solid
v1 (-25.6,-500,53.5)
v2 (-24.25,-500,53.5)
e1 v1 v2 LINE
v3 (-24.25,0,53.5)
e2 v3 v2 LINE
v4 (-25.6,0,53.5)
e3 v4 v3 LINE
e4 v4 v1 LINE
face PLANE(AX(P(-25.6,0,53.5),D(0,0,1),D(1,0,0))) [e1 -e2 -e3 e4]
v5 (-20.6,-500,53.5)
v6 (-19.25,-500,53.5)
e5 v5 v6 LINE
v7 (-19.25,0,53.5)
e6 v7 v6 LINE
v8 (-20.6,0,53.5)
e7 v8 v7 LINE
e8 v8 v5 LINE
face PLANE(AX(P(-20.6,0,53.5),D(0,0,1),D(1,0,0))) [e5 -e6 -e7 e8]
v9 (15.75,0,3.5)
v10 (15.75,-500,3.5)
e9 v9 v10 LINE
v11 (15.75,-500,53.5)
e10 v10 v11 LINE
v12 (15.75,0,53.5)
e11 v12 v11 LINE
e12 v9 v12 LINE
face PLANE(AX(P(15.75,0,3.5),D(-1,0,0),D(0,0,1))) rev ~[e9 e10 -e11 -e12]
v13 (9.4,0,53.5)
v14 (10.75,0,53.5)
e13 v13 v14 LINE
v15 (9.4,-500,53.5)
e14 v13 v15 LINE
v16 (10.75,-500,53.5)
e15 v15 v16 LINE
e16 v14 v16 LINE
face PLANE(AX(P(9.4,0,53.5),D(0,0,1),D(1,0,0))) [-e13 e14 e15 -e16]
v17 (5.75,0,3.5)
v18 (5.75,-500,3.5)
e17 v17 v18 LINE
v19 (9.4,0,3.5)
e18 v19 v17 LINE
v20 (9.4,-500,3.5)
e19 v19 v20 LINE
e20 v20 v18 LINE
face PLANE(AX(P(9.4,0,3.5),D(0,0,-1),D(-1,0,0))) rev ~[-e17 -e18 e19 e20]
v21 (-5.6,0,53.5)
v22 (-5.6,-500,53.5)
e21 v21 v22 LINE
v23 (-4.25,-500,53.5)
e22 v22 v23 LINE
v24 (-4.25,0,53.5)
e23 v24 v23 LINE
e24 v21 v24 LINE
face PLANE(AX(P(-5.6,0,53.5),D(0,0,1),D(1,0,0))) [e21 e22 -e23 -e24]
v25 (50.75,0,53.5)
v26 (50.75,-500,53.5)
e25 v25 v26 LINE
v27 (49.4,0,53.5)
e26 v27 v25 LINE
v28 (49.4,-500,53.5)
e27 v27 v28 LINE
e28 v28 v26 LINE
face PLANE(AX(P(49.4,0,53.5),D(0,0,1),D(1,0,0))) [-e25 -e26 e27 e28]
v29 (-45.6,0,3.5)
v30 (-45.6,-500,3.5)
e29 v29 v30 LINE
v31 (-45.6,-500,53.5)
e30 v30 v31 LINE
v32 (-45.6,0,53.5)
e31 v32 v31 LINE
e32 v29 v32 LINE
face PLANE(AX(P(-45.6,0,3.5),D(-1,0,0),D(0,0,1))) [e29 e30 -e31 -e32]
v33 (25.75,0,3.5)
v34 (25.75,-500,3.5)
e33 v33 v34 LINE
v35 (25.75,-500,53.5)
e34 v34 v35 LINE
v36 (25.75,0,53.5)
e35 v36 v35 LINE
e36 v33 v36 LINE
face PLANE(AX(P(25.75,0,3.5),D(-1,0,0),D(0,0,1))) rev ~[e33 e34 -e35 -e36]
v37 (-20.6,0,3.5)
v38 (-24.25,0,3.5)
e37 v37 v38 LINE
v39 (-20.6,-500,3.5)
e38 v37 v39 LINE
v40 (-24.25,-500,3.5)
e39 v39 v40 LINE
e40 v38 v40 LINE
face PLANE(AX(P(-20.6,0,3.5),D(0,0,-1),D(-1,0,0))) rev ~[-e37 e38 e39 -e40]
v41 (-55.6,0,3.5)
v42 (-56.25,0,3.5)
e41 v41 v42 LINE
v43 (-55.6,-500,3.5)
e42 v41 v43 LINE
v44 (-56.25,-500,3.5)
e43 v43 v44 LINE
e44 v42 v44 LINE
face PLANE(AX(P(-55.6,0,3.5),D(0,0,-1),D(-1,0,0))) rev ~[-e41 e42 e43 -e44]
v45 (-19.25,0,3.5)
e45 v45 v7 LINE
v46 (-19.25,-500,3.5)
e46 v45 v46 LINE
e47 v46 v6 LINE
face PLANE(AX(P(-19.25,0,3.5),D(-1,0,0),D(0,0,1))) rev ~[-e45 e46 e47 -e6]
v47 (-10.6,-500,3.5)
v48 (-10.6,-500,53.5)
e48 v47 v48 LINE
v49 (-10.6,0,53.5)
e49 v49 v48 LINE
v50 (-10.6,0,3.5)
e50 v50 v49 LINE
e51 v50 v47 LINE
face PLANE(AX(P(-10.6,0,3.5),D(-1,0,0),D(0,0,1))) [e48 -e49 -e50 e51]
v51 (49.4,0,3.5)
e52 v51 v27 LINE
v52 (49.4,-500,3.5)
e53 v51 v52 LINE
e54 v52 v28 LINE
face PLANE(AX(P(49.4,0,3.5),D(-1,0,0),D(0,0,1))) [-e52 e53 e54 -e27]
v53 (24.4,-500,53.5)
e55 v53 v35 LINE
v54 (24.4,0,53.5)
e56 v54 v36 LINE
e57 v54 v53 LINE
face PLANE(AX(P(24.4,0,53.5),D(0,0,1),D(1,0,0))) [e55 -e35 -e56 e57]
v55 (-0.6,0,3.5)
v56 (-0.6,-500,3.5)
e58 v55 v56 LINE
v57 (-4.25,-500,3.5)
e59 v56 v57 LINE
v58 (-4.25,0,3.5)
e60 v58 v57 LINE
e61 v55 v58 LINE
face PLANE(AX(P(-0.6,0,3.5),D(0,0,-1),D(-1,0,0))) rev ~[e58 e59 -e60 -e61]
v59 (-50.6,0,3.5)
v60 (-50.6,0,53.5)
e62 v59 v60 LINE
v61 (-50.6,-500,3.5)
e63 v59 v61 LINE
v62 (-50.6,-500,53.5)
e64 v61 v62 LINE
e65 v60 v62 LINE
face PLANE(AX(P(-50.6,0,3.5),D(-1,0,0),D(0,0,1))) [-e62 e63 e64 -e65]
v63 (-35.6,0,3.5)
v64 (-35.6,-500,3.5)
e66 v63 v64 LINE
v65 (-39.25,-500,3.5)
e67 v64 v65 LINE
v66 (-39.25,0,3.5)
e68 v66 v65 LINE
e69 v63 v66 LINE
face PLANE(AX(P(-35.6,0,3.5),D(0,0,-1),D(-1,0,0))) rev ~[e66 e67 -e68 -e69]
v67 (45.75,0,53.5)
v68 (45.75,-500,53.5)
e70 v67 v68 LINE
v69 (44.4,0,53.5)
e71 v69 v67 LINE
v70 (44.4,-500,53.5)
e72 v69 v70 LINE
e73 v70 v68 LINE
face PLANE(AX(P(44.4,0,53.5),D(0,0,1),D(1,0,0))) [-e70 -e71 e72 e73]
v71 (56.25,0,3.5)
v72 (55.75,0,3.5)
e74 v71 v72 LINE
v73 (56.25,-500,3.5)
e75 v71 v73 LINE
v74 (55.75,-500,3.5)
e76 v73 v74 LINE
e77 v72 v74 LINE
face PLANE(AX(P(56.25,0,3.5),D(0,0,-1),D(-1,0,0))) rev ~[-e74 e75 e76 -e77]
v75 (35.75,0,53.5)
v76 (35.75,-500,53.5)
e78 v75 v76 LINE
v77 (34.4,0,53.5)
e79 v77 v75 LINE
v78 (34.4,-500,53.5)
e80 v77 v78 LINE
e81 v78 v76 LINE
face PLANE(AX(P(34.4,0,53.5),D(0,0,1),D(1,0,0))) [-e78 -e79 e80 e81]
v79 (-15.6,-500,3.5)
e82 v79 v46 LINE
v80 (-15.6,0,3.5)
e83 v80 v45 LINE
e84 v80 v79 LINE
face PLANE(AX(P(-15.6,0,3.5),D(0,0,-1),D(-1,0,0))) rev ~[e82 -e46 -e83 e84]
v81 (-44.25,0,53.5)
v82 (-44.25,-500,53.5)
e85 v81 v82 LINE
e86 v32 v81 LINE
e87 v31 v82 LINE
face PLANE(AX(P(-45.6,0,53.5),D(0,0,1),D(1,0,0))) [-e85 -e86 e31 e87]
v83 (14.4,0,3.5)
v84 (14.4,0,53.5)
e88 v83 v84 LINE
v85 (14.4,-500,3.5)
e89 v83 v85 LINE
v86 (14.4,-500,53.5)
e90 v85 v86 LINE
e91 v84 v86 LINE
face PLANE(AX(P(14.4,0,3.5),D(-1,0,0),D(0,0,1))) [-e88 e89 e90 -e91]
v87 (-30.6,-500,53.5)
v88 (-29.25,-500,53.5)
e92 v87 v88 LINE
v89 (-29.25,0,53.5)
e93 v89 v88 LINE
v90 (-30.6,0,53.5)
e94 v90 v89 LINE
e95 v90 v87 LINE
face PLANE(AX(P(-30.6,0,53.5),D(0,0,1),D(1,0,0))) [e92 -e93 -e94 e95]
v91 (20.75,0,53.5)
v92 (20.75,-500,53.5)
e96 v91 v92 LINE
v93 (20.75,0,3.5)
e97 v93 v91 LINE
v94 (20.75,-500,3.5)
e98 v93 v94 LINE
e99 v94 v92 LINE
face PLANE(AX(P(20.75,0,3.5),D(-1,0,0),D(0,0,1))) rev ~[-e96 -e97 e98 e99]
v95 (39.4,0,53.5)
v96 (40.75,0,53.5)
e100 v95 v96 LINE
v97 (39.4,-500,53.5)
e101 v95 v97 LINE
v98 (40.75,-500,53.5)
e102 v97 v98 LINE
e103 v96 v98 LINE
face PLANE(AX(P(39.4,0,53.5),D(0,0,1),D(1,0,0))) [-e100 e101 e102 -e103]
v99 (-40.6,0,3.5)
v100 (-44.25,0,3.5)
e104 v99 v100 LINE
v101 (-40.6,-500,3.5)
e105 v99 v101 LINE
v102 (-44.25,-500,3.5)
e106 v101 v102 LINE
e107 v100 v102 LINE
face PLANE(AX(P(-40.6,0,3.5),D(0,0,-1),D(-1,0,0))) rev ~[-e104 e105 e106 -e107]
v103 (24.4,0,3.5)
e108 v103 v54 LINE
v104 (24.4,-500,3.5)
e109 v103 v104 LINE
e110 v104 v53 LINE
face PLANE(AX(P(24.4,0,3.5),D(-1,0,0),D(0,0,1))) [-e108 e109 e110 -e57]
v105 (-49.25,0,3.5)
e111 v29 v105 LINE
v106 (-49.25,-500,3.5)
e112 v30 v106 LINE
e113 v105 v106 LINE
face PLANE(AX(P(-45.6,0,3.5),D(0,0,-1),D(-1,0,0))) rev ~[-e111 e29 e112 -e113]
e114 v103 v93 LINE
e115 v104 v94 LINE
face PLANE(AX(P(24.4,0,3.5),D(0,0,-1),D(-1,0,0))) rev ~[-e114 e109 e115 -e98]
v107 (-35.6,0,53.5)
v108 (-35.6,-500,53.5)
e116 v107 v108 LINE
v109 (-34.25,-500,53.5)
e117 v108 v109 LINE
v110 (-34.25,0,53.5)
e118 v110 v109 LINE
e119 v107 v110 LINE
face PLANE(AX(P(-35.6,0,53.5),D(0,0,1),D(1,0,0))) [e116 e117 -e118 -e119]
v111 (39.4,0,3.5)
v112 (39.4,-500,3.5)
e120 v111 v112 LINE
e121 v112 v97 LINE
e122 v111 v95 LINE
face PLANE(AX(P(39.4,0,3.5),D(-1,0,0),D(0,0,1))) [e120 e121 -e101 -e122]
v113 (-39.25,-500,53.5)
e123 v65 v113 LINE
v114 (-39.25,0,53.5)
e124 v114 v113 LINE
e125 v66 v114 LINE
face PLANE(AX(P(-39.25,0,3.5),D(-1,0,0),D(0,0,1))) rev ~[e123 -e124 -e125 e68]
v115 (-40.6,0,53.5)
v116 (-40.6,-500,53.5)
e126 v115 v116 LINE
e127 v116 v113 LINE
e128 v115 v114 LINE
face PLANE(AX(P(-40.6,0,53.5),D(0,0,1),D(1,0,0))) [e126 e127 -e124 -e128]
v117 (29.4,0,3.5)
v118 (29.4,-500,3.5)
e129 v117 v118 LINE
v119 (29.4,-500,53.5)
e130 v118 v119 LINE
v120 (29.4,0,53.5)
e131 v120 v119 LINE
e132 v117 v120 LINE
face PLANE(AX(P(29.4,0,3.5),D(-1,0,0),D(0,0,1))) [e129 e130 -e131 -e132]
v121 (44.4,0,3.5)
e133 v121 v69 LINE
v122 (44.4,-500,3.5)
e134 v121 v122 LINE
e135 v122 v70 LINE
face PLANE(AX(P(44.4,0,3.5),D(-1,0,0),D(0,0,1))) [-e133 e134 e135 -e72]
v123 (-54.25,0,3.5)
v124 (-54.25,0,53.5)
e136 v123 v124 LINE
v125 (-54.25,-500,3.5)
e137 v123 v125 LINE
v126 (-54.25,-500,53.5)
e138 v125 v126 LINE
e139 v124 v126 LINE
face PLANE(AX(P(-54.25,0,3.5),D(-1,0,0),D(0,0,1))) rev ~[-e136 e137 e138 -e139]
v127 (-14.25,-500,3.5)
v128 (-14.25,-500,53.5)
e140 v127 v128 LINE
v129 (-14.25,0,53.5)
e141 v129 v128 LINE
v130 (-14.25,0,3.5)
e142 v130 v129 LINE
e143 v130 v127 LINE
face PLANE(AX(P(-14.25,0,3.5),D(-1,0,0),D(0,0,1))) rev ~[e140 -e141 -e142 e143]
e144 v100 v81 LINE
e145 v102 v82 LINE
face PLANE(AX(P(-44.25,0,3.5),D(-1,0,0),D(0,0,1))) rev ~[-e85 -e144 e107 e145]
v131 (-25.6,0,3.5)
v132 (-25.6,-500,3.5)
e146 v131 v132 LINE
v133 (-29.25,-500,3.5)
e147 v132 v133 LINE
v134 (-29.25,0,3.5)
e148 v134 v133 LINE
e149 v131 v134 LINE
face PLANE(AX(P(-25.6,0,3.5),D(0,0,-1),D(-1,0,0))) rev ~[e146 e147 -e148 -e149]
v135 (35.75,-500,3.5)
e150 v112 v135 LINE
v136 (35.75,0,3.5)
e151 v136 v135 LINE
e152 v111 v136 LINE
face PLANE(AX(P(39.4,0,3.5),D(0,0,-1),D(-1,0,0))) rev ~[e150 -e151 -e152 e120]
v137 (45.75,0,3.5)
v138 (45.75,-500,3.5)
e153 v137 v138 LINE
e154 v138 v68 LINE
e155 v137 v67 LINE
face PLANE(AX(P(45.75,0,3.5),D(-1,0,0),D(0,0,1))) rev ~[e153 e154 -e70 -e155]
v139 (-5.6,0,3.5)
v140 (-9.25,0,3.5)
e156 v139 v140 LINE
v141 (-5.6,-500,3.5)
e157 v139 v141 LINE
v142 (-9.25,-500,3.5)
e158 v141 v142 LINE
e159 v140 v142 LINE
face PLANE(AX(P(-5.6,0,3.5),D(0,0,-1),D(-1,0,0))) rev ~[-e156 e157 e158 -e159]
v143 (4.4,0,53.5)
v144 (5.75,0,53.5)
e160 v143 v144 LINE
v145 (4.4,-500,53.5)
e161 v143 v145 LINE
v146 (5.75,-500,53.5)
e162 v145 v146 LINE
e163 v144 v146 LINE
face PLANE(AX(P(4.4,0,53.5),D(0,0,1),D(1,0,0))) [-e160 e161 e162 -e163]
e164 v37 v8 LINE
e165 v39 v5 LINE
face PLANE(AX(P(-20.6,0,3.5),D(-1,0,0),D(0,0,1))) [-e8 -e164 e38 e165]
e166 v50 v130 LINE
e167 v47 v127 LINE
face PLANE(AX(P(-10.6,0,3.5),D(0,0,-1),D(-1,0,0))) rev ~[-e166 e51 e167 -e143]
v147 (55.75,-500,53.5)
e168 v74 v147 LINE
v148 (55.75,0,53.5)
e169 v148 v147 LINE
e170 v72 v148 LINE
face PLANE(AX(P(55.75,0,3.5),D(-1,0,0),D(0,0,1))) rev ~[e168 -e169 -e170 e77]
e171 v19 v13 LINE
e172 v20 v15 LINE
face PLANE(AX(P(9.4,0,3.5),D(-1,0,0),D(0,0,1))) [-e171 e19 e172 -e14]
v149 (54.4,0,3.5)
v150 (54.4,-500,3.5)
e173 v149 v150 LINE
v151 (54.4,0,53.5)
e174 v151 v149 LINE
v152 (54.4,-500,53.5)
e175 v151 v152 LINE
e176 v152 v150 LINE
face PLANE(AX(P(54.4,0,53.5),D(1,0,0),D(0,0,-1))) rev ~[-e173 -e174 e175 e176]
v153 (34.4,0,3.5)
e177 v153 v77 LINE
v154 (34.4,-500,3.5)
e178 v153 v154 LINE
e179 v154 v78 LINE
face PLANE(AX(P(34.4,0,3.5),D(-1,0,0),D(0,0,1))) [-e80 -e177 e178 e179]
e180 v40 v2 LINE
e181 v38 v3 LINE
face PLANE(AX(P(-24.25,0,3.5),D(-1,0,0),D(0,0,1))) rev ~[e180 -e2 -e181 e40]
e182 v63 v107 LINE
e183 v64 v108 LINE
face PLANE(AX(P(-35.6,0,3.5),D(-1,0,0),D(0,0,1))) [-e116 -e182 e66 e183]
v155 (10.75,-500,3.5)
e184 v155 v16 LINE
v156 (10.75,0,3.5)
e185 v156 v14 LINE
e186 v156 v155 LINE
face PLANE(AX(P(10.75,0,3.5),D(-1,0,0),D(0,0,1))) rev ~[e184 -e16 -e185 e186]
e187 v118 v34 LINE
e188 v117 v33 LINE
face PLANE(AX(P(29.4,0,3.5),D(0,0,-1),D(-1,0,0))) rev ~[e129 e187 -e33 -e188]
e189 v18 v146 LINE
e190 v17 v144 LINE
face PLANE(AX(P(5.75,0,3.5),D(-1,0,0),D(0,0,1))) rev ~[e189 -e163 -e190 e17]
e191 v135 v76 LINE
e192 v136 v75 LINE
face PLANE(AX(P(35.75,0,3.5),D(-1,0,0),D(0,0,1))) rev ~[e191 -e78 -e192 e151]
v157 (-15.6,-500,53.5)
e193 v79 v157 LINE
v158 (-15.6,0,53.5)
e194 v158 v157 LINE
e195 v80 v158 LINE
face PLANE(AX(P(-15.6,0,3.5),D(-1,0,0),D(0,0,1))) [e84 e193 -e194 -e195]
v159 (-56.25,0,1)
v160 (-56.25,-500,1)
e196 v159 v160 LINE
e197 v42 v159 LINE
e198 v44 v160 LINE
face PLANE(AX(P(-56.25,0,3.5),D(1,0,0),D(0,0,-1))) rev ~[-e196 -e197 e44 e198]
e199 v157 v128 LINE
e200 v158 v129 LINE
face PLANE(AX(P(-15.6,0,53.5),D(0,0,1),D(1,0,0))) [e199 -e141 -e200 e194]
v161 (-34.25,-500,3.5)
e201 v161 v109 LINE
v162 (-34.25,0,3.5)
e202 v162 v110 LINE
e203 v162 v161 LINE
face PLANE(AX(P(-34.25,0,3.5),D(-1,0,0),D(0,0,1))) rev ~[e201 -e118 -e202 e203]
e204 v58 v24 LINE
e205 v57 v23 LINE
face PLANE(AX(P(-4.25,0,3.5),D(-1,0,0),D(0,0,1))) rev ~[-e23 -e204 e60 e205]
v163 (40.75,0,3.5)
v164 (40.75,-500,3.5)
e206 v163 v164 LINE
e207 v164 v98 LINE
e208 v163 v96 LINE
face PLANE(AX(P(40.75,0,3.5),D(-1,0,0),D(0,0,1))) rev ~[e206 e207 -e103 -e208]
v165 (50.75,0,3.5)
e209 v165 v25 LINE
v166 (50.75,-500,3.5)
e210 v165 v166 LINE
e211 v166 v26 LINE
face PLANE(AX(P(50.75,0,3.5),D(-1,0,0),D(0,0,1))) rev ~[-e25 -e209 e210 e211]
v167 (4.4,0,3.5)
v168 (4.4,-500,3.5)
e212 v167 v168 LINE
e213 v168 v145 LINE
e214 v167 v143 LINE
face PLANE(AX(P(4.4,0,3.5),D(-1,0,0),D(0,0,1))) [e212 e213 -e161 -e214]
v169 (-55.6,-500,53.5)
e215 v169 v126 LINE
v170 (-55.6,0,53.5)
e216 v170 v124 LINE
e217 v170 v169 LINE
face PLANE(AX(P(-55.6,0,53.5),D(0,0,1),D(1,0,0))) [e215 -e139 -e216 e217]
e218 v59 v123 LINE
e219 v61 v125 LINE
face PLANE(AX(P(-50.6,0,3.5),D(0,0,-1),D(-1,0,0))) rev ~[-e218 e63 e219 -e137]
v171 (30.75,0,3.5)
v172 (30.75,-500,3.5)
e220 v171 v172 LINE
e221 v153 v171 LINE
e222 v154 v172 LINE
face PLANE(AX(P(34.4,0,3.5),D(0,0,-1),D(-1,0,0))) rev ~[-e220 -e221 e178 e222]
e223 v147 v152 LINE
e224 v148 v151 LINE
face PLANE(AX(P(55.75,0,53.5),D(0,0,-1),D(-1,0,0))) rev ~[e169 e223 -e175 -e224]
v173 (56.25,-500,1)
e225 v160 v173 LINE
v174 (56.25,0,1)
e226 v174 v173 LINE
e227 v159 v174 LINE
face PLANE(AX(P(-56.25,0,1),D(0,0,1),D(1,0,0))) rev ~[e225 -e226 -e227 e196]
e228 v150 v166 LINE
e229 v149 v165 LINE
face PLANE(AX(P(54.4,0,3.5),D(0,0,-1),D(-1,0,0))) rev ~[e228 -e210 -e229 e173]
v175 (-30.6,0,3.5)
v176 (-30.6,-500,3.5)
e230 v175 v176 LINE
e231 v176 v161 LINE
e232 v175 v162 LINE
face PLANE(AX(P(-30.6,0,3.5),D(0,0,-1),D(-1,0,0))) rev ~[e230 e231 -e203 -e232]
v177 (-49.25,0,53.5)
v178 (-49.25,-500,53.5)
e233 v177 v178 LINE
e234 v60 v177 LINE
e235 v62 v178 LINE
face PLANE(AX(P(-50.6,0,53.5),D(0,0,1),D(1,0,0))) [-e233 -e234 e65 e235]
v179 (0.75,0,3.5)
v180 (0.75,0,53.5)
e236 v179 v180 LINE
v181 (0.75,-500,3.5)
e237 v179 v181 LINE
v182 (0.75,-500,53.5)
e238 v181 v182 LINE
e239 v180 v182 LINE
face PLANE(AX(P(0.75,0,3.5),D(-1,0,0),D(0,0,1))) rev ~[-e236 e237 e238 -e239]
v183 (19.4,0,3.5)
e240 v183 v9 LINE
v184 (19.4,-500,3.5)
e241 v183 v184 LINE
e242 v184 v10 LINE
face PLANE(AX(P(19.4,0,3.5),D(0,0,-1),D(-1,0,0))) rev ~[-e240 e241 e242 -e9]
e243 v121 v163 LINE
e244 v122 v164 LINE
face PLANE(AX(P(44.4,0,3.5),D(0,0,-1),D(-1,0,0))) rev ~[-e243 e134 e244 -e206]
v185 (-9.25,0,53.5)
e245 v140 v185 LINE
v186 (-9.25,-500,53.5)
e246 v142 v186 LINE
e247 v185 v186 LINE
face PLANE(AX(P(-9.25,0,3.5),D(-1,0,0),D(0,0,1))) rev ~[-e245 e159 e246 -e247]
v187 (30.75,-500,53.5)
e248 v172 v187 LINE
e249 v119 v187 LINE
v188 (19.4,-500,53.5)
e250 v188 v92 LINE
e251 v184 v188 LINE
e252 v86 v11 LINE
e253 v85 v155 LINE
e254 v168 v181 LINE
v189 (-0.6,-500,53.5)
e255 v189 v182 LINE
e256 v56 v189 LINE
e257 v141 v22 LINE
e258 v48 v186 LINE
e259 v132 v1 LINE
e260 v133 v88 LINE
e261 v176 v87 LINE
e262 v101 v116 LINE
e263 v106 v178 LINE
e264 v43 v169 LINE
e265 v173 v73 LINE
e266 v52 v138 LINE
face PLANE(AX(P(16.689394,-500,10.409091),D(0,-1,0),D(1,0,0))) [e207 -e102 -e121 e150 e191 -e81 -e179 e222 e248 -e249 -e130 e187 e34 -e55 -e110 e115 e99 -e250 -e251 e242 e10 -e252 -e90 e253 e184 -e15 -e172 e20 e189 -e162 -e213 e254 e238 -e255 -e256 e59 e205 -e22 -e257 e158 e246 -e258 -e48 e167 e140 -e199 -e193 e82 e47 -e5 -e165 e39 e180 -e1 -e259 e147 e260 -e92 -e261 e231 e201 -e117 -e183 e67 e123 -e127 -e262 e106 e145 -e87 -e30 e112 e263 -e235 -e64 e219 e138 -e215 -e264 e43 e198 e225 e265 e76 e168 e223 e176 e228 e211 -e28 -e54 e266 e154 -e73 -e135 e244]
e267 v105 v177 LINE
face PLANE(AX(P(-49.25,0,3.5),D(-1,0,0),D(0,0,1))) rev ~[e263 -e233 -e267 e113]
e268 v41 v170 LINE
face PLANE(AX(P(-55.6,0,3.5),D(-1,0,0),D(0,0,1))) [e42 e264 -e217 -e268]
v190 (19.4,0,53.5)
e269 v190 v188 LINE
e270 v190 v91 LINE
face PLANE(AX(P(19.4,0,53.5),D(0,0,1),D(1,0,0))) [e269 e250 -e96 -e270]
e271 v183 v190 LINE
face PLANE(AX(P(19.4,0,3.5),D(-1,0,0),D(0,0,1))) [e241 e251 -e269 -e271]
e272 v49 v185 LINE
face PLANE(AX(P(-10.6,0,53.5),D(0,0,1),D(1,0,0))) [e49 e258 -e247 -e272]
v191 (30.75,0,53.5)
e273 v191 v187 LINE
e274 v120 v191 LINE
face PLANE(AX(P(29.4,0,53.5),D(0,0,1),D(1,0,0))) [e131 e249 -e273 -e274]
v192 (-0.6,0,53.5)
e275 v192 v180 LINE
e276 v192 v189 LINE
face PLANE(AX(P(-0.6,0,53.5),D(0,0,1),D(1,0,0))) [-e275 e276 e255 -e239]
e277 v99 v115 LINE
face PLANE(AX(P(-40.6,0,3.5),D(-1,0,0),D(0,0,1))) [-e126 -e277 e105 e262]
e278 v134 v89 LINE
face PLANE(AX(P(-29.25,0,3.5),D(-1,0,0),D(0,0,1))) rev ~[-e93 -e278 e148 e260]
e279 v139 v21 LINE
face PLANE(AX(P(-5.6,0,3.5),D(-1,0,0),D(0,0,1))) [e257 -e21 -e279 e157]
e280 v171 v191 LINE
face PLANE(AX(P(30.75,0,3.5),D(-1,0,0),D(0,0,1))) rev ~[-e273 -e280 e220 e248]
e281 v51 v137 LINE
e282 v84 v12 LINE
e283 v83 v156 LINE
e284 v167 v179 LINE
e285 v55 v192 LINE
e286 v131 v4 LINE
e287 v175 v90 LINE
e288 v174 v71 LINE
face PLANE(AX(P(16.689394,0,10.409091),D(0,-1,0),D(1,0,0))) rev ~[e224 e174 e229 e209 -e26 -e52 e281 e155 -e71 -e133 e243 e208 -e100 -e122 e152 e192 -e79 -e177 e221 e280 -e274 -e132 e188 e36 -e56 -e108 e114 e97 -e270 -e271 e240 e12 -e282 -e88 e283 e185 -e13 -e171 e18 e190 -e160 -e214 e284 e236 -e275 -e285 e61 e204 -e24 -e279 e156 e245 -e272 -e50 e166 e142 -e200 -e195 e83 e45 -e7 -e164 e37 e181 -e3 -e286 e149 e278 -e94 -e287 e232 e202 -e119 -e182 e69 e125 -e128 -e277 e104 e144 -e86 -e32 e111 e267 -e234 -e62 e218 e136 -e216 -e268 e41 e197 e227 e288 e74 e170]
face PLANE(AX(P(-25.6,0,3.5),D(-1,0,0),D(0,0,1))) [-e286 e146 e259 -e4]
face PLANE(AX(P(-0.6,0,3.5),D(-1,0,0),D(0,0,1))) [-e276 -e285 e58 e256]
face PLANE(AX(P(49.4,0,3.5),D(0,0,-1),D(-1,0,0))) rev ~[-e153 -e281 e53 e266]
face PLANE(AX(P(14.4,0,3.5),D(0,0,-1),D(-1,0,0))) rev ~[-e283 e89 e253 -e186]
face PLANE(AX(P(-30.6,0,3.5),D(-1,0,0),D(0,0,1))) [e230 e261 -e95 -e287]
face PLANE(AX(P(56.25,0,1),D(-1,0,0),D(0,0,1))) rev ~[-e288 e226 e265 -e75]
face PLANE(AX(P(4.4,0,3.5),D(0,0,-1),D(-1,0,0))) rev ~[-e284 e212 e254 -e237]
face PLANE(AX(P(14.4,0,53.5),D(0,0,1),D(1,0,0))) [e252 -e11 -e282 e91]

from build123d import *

# Parameters (mm, degrees)
F0_W     = 1.35
F0_H     = 50
F1_DEPTH = 500


with BuildPart() as f1:
    # F0 (on Front) → F1 (new body)
    with BuildSketch(Plane.XZ):
        Polygon((0, 1), (56.25, 1), (56.25, 3.5), (55.75, 3.5), (55.75, 53.5), (54.4, 53.5), (54.4, 3.5), (50.75, 3.5), (49.4, 3.5), (45.75, 3.5), (44.4, 3.5), (40.75, 3.5), (39.4, 3.5), (35.75, 3.5), (34.4, 3.5), (30.75, 3.5), (29.4, 3.5), (25.75, 3.5), (24.4, 3.5), (20.75, 3.5), (19.4, 3.5), (15.75, 3.5), (14.4, 3.5), (10.75, 3.5), (9.4, 3.5), (5.75, 3.5), (4.4, 3.5), (0.75, 3.5), (-0.6, 3.5), (-4.25, 3.5), (-5.6, 3.5), (-9.25, 3.5), (-10.6, 3.5), (-14.25, 3.5), (-15.6, 3.5), (-19.25, 3.5), (-20.6, 3.5), (-24.25, 3.5), (-25.6, 3.5), (-29.25, 3.5), (-30.6, 3.5), (-34.25, 3.5), (-35.6, 3.5), (-39.25, 3.5), (-40.6, 3.5), (-44.25, 3.5), (-45.6, 3.5), (-49.25, 3.5), (-50.6, 3.5), (-52.25, 3.5), (-54.25, 3.5), (-55.6, 3.5), (-56.25, 3.5), (-56.25, 1), align=None)
        with Locations((-54.925, 28.5)):
            Rectangle(F0_W, F0_H)
        with Locations((50.075, 28.5)):
            Rectangle(F0_W, F0_H)
        with Locations((-49.925, 28.5)):
            Rectangle(F0_W, F0_H)
        with Locations((45.075, 28.5)):
            Rectangle(F0_W, F0_H)
        with Locations((-44.925, 28.5)):
            Rectangle(F0_W, F0_H)
        with Locations((40.075, 28.5)):
            Rectangle(F0_W, F0_H)
        with Locations((-39.925, 28.5)):
            Rectangle(F0_W, F0_H)
        with Locations((35.075, 28.5)):
            Rectangle(F0_W, F0_H)
        with Locations((-34.925, 28.5)):
            Rectangle(F0_W, F0_H)
        with Locations((30.075, 28.5)):
            Rectangle(F0_W, F0_H)
        with Locations((-29.925, 28.5)):
            Rectangle(F0_W, F0_H)
        with Locations((25.075, 28.5)):
            Rectangle(F0_W, F0_H)
        with Locations((-24.925, 28.5)):
            Rectangle(F0_W, F0_H)
        with Locations((20.075, 28.5)):
            Rectangle(F0_W, F0_H)
        with Locations((-19.925, 28.5)):
            Rectangle(F0_W, F0_H)
        with Locations((15.075, 28.5)):
            Rectangle(F0_W, F0_H)
        with Locations((-14.925, 28.5)):
            Rectangle(F0_W, F0_H)
        with Locations((10.075, 28.5)):
            Rectangle(F0_W, F0_H)
        with Locations((-9.925, 28.5)):
            Rectangle(F0_W, F0_H)
        with Locations((5.075, 28.5)):
            Rectangle(F0_W, F0_H)
        with Locations((-4.925, 28.5)):
            Rectangle(F0_W, F0_H)
        with Locations((0.075, 28.5)):
            Rectangle(F0_W, F0_H)
    extrude(amount=F1_DEPTH)


solid = f1.part
